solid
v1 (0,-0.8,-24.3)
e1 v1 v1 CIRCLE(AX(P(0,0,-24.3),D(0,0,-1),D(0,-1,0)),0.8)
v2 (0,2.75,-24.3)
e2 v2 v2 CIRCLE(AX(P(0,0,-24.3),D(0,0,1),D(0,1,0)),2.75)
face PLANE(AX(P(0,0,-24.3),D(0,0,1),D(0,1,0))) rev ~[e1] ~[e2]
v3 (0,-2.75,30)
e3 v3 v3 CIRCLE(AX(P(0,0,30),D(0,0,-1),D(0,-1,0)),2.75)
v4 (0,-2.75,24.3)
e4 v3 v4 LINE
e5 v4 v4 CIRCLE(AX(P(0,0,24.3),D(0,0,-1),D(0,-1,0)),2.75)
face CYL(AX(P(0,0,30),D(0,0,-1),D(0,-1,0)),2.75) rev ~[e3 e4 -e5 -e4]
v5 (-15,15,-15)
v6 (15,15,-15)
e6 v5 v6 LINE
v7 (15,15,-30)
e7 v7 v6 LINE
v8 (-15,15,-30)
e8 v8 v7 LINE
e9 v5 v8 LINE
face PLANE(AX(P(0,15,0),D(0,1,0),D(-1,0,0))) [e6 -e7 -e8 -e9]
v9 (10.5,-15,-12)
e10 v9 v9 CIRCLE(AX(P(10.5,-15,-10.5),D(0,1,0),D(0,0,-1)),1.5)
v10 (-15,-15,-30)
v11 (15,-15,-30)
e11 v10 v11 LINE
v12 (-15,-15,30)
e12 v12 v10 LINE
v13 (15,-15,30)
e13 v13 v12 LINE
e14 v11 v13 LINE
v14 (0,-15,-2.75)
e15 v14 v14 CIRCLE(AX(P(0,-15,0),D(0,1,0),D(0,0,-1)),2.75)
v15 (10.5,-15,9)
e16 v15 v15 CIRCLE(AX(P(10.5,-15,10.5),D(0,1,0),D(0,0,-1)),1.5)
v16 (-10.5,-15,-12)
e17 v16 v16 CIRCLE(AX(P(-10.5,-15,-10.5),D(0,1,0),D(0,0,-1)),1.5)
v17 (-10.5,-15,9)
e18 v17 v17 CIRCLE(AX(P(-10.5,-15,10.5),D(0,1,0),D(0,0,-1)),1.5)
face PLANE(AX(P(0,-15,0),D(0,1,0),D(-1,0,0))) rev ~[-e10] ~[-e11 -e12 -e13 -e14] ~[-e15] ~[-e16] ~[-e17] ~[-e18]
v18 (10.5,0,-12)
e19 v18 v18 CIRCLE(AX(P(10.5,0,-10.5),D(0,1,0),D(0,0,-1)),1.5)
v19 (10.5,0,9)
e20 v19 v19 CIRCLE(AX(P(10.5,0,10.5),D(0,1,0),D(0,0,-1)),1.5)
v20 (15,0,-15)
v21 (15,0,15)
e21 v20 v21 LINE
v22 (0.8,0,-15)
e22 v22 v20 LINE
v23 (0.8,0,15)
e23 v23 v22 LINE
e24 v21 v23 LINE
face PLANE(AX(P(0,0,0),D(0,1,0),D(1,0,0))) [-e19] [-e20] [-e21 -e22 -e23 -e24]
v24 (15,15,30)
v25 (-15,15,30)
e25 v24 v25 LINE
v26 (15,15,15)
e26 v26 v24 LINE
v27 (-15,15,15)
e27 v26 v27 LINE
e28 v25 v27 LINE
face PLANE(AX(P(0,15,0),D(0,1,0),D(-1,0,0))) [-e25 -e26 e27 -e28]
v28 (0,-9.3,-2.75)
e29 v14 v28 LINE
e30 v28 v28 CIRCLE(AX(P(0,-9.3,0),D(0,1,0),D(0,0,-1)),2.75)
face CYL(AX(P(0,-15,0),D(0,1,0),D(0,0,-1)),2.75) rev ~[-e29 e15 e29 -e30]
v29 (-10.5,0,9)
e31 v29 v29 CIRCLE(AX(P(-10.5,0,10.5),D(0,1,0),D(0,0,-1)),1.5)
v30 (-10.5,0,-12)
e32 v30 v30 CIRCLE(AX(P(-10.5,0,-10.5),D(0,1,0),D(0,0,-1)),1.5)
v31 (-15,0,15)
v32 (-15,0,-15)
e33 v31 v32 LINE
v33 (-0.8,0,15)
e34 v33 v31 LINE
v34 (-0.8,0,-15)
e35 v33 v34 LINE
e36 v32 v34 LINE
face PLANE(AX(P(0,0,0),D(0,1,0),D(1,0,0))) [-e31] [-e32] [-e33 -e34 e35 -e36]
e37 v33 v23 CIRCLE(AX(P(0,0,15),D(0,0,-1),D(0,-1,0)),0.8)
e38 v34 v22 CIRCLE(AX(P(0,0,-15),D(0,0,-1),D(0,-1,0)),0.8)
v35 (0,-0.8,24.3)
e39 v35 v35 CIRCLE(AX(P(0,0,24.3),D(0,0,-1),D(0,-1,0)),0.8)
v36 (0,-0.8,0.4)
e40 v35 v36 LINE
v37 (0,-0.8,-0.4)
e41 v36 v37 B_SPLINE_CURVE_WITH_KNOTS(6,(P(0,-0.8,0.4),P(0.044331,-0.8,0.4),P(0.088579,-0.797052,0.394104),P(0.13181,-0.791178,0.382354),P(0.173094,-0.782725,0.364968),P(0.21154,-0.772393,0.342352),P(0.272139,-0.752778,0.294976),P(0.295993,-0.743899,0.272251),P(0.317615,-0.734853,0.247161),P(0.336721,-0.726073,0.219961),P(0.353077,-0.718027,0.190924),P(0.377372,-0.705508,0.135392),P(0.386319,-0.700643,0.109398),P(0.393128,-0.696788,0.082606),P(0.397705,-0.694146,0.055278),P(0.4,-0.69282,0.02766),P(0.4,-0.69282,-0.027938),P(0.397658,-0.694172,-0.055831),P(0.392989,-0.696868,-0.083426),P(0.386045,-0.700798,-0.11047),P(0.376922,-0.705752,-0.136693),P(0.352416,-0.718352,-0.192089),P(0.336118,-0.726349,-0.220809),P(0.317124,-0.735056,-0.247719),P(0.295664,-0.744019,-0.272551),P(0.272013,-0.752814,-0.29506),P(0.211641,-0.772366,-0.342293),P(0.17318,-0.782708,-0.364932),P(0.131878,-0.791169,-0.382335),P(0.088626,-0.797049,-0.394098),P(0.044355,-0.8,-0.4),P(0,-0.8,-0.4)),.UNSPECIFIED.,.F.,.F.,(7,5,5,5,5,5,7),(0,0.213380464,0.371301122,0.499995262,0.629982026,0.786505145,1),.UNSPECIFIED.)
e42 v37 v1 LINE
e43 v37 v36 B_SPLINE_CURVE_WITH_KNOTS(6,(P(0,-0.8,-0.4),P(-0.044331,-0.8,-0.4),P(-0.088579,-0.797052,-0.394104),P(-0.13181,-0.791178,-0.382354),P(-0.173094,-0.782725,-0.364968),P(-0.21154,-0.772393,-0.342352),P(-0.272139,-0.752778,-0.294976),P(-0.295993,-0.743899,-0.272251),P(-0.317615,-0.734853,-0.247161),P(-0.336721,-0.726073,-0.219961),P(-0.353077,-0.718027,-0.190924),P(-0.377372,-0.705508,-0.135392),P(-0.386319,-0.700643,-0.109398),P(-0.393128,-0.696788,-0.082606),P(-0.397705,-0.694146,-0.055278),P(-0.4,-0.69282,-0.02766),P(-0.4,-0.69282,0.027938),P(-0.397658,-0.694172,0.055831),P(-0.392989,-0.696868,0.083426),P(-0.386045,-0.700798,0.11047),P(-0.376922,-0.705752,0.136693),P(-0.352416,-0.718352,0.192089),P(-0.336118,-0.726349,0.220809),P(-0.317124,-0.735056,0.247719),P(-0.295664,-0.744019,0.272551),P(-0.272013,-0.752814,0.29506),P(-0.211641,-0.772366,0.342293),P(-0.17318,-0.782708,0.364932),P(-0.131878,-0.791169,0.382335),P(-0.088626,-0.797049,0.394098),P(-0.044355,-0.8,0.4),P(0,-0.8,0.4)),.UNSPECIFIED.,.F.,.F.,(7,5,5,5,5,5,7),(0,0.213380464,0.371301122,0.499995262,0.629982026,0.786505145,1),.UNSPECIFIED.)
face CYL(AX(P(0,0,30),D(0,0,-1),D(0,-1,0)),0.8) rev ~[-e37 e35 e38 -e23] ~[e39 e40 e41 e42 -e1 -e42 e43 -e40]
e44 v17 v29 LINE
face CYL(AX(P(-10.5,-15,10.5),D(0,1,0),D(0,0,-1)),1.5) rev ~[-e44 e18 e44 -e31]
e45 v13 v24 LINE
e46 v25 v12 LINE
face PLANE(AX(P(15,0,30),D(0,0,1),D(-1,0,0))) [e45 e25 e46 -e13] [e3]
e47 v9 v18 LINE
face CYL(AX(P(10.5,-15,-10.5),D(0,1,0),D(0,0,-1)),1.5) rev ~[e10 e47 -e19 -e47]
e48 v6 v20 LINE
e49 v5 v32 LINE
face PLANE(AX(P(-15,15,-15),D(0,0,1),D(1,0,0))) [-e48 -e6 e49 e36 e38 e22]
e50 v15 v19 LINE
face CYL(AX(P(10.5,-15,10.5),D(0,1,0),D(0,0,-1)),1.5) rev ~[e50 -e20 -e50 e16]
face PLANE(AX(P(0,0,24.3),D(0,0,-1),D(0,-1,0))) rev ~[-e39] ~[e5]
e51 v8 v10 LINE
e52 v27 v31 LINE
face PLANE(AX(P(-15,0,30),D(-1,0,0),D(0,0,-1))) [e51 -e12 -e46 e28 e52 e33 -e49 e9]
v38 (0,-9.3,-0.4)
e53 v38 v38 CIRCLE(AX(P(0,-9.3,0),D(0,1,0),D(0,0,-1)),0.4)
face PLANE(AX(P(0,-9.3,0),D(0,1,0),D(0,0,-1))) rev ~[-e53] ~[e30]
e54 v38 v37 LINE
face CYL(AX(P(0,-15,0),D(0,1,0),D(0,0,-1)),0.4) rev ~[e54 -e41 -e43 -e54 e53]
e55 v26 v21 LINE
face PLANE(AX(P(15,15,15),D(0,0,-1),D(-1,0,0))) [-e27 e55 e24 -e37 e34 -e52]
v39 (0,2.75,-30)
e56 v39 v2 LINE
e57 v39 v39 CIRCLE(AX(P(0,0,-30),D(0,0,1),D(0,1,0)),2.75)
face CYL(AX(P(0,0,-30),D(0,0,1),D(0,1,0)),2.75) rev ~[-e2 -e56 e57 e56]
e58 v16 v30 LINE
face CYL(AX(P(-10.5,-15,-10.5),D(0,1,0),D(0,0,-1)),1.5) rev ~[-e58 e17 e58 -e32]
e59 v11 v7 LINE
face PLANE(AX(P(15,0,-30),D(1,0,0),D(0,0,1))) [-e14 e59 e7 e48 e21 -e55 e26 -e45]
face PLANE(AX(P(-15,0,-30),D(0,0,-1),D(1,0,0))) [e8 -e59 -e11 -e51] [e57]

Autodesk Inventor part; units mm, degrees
ref_plane "YZ Plane" through (0, 0, 0) normal (1, 0, 0) x (0, 1, 0)
ref_plane "XZ Plane" through (0, 0, 0) normal (0, 1, 0) x (-1, 0, 0)
ref_plane "XY Plane" through (0, 0, 0) normal (0, 0, 1) x (1, 0, 0)
sketch "Skizze1" plane through (0, 0, 0) normal (0, 1, 0) x (-1, 0, 0)
  line L0 (-15, 30) -> (15, 30)
  line L1 (15, 30) -> (15, -30)
  line L2 (15, -30) -> (-15, -30)
  line L3 (-15, -30) -> (-15, 30)
  line L4 (-15, 30) -> (15, -30) construction
  line L5 (15, 30) -> (-15, -30) construction
  point P0 (0, 0)
  dimension "d0" = 30
  dimension "d1" = 60
extrude "Extrusion1" add sketch "Skizze1" along normal mid plane 30
sketch "Skizze3" plane through (0, 15, 0) normal (0, 1, 0) x (1, 0, 0)
  line L0 (15, -15) -> (-15, -15)
  line L1 (-15, -15) -> (-15, 15)
  line L2 (-15, 15) -> (15, 15)
  line L3 (15, 15) -> (15, -15)
  line L4 (15, -15) -> (-15, 15) construction
  line L5 (-15, -15) -> (15, 15) construction
  point P0 (0, 0)
  dimension "d11" = 30
  dimension "d12" = 30
extrude "Extrusion2" cut sketch "Skizze3" against normal blind 15
sketch "Skizze4" plane through (-15, 15, 30) normal (0, 0, 1) x (1, 0, 0)
  circle A0 centre (15, -15) radius 0.8
  dimension "d15" = 1.6
hole "Kapillare" at (0, 0, 30) direction (0, 0, -1) diameter 1.6 end through all
sketch "Skizze5" plane through (0, -15, 0) normal (0, -1, 0) x (1, 0, 0)
  circle A0 centre (0, 0) radius 0.4
  dimension "d23" = 0.8
hole "Bohrung3" at (0, -15, 0) direction (0, 1, 0) diameter 0.8 end through all
sketch "Skizze6" plane through (15, 15, -30) normal (0, 0, -1) x (-1, 0, 0)
  point P0 (15, -15)
  point P1 (15, -15)
hole "Bohrung4" at (0, 0, -30) direction (0, 0, 1) diameter 5.5 depth 5.7
sketch "Skizze7" plane through (-15, 15, 30) normal (0, 0, 1) x (1, 0, 0)
  point P0 (15, -15)
  point P1 (15, -15)
hole "Bohrung5" at (0, 0, 30) direction (0, 0, -1) diameter 5.5 depth 5.7
sketch "Skizze8" plane through (0, -15, 0) normal (0, -1, 0) x (1, 0, 0)
  point P0 (0, 0)
  point P1 (0, 0)
hole "Bohrung6" at (0, -15, 0) direction (0, 1, 0) diameter 5.5 depth 5.7
sketch "Skizze17" plane through (0, -15, 0) normal (0, -1, 0) x (1, 0, 0)
  line L0 (10.5, 10.5) -> (-10.5, 10.5)
  line L1 (-10.5, 10.5) -> (-10.5, -10.5)
  line L2 (-10.5, -10.5) -> (10.5, -10.5)
  line L3 (10.5, -10.5) -> (10.5, 10.5)
  circle A0 centre (0, 0) radius 0.4 projected
  line L4 (10.5, 10.5) -> (-10.5, -10.5) construction
  line L5 (-10.5, 10.5) -> (10.5, -10.5) construction
  dimension "d60" = 21
  dimension "d61" = 21
hole "Bohrung8" at (10.5, -15, -10.5) at (-10.5, -15, -10.5) at (10.5, -15, 10.5) at (-10.5, -15, 10.5) direction (0, 1, 0) diameter 3 end through all
sketch "Skizze18" plane through (0, -15, 0) normal (0, -1, 0) x (1, 0, 0)
  point P0 (0, 0)
properties part number "LS1_Basis" material "PMMA-Kunststoff"
